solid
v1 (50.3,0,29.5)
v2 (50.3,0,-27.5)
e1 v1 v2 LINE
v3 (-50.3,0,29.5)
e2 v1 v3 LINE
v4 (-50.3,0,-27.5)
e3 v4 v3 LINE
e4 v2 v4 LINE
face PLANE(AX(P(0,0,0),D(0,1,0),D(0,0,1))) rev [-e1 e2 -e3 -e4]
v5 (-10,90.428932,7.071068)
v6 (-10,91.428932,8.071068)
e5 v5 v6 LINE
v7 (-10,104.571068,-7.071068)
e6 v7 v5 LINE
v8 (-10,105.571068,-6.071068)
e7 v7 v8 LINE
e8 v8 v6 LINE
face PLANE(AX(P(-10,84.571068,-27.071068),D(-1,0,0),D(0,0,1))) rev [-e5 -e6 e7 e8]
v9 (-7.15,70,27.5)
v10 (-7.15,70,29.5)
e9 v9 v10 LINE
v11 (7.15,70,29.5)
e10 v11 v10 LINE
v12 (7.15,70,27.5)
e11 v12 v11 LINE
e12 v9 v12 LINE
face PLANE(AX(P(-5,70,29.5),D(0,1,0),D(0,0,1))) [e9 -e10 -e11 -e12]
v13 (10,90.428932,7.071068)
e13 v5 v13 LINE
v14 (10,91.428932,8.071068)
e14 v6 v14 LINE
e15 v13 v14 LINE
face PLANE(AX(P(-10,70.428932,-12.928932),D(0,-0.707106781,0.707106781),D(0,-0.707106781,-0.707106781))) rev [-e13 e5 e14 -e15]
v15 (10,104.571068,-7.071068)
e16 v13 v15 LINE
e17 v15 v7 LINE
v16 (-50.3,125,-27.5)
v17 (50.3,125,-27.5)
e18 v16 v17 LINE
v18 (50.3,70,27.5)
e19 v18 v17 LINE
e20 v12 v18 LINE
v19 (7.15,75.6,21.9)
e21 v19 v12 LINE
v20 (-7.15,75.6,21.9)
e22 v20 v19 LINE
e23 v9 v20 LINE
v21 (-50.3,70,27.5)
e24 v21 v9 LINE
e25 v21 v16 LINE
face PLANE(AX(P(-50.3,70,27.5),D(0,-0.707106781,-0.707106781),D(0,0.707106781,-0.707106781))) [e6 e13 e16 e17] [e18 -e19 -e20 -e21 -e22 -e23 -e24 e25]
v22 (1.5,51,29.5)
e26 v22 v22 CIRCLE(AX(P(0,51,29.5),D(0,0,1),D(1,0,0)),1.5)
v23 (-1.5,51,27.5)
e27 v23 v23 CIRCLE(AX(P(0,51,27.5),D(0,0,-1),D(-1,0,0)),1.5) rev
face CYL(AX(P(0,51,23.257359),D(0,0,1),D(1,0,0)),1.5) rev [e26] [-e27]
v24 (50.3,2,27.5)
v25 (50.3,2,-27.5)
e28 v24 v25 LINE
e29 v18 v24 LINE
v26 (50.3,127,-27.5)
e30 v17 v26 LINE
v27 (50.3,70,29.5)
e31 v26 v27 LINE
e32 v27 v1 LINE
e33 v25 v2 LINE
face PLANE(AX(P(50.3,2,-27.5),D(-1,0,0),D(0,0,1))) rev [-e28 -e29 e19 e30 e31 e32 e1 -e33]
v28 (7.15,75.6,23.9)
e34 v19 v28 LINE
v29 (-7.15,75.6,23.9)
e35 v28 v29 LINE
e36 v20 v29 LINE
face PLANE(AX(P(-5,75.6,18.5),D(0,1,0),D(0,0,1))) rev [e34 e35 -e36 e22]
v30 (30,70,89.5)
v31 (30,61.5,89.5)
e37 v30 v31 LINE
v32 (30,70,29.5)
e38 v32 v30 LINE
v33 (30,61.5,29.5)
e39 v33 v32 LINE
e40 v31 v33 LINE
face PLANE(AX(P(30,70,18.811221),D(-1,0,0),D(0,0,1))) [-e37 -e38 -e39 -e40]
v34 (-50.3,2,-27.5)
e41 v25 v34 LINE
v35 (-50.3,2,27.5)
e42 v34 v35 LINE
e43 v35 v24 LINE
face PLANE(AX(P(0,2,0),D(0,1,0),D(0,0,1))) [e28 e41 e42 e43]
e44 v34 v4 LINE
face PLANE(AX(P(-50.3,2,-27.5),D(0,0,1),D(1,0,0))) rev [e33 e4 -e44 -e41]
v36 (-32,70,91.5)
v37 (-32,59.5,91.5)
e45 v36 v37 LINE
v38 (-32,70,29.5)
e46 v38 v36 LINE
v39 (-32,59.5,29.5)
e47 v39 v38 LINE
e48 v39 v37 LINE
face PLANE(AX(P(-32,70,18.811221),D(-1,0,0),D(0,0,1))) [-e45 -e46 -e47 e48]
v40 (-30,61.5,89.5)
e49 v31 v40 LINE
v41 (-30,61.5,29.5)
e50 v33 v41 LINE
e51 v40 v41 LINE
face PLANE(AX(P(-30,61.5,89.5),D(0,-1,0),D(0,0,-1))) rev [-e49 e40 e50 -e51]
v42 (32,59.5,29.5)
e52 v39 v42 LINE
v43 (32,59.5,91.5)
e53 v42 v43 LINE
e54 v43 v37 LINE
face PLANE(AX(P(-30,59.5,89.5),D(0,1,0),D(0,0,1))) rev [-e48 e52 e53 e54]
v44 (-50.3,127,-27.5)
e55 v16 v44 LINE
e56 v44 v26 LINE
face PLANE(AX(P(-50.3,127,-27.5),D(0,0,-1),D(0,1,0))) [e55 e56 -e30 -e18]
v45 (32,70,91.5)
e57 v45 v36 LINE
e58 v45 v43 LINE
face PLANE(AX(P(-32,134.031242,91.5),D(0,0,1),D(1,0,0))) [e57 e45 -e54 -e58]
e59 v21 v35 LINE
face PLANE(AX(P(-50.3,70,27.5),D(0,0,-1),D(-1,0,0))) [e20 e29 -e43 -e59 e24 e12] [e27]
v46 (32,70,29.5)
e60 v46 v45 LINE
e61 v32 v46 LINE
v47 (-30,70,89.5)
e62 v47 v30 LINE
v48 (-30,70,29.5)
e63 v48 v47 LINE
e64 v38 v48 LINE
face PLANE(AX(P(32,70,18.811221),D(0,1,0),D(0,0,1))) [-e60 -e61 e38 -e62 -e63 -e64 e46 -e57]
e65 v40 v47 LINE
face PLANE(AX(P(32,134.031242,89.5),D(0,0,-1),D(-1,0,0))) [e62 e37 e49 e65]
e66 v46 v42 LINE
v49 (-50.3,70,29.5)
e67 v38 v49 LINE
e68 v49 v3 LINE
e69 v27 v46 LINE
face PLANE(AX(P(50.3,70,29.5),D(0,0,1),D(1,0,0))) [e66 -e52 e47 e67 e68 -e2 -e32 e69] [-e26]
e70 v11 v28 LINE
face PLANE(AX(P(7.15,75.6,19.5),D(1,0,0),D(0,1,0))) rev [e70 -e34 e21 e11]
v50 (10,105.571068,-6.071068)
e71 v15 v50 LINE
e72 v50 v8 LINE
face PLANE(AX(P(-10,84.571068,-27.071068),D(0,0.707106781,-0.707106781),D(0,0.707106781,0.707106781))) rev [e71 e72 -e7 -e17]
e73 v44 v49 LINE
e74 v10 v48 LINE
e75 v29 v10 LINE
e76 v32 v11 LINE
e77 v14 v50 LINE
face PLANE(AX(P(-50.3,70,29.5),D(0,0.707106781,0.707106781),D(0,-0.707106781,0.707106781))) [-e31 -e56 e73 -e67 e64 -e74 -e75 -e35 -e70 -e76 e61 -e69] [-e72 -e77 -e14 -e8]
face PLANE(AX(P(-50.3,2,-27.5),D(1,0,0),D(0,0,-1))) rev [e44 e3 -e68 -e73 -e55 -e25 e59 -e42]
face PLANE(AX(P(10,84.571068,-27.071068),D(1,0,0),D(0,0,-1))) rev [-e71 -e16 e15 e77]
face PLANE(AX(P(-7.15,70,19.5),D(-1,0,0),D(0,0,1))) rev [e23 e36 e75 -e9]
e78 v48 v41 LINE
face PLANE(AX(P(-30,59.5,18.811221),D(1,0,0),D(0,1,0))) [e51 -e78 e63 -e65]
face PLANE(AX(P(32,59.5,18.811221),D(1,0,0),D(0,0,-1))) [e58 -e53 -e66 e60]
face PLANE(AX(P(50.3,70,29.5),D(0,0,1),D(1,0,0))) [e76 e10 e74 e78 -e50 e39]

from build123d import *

# Parameters (mm, degrees)
CROQUIS1_W              = 100.6
CROQUIS1_H              = 55
SALIENTE_EXTRUIR1_DEPTH = 2
CROQUIS2_W              = 100.6
CROQUIS2_H              = 2
SALIENTE_EXTRUIR2_DEPTH = 70
SALIENTE_EXTRUIR3_DEPTH = 100.6
CROQUIS4_W              = 10
CROQUIS4_H              = 5.6
CROQUIS4_W_2            = 20
CROQUIS4_H_2            = 20
CORTAR_EXTRUIR1_DEPTH   = 1.414213562
CROQUIS5_R              = 1.5
CORTAR_EXTRUIR2_DEPTH   = 2
CROQUIS6_W              = 60
CROQUIS6_H              = 2
SALIENTE_EXTRUIR4_DEPTH = 60
SALIENTE_EXTRUIR5_REACH = 181.856
CROQUIS7_W              = 2
CROQUIS7_H              = 10.5
CROQUIS8_W              = 64
CROQUIS8_H              = 2
SALIENTE_EXTRUIR6_DEPTH = 10.5
CROQUIS9_W              = 10
CROQUIS9_H              = 2
SALIENTE_EXTRUIR7_DEPTH = 2
CROQUIS10_W             = 10
CROQUIS10_H             = 5.6
CORTAR_EXTRUIR3_DEPTH   = 11
CORTAR_EXTRUIR4_DEPTH   = 10


with BuildPart() as part:
    # Croquis1 → Saliente-Extruir1 (new body)
    with BuildSketch(Plane(origin=(0, 0, 0), x_dir=(1, 0, 0), z_dir=(0, 1, 0))):
        Rectangle(CROQUIS1_W, CROQUIS1_H)
    extrude(amount=SALIENTE_EXTRUIR1_DEPTH)

    # Croquis2 → Saliente-Extruir2 (add)
    with BuildSketch(Plane(origin=(0, 0, 0), x_dir=(-1, 0, 0), z_dir=(0, -1, 0))):
        with Locations((0, -28.5)):
            Rectangle(CROQUIS2_W, CROQUIS2_H)
    extrude(amount=-SALIENTE_EXTRUIR2_DEPTH)

    # Croquis3 → Saliente-Extruir3 (add)
    with BuildSketch(Plane(origin=(50.3, 0, 0), x_dir=(0, 0, -1), z_dir=(1, 0, 0))):
        Polygon((-29.5, 70), (27.5, 127), (27.5, 125), (-27.5, 70), align=None)
    extrude(amount=-SALIENTE_EXTRUIR3_DEPTH)

    # Croquis4 → Cortar-Extruir1 (cut)
    with BuildSketch(Plane(origin=(0, 49.75, 49.75), x_dir=(1, 0, 0), z_dir=(0, 0.7071067811865513, 0.7071067811865438))):
        with Locations((0, 31.437824638)):
            Rectangle(CROQUIS4_W, CROQUIS4_H)
        with Locations((0, 68.942911166)):
            Rectangle(CROQUIS4_W_2, CROQUIS4_H_2)
    extrude(amount=-CORTAR_EXTRUIR1_DEPTH, mode=Mode.SUBTRACT)

    # Croquis5 → Cortar-Extruir2 (cut)
    with BuildSketch(Plane.XY.offset(29.5)):
        with Locations((0, 51)):
            Circle(CROQUIS5_R)
    extrude(amount=-CORTAR_EXTRUIR2_DEPTH, mode=Mode.SUBTRACT)

    # Croquis6 → Saliente-Extruir4 (add)
    with BuildSketch(Plane.XY.offset(29.5)):
        with Locations((0, 60.5)):
            Rectangle(CROQUIS6_W, CROQUIS6_H)
    extrude(amount=SALIENTE_EXTRUIR4_DEPTH)

    # Saliente-Extruir5: up to this face of the body (flat: up to its plane)
    saliente_extruir5_end = Plane(part.part.faces().sort_by_distance((0, 34.541123817, 29.5))[0])
    # Croquis7 → Saliente-Extruir5 (add, up to the picked face)
    with BuildSketch(Plane.XY.offset(89.5), mode=Mode.PRIVATE) as saliente_extruir5_sk1:
        with Locations((31, 64.75)):
            Rectangle(CROQUIS7_W, CROQUIS7_H)
    saliente_extruir5_tool1 = split(extrude(saliente_extruir5_sk1.sketch, amount=-SALIENTE_EXTRUIR5_REACH, mode=Mode.PRIVATE), bisect_by=saliente_extruir5_end, keep=Keep.BOTH, mode=Mode.PRIVATE)
    # Croquis7 → Saliente-Extruir5 (add, up to the picked face)
    with BuildSketch(Plane.XY.offset(89.5), mode=Mode.PRIVATE) as saliente_extruir5_sk2:
        with Locations((-31, 64.75)):
            Rectangle(CROQUIS7_W, CROQUIS7_H)
    saliente_extruir5_tool2 = split(extrude(saliente_extruir5_sk2.sketch, amount=-SALIENTE_EXTRUIR5_REACH, mode=Mode.PRIVATE), bisect_by=saliente_extruir5_end, keep=Keep.BOTH, mode=Mode.PRIVATE)
    add(saliente_extruir5_tool1.solids().sort_by(Axis((31, 64.75, 89.5), (0, 0, -1)))[0])
    add(saliente_extruir5_tool2.solids().sort_by(Axis((-31, 64.75, 89.5), (0, 0, -1)))[0])

    # Croquis8 → Saliente-Extruir6 (add)
    with BuildSketch(Plane(origin=(0, 59.5, 0), x_dir=(-1, 0, 0), z_dir=(0, -1, 0))):
        with Locations((0, -90.5)):
            Rectangle(CROQUIS8_W, CROQUIS8_H)
    extrude(amount=-SALIENTE_EXTRUIR6_DEPTH)

    # Croquis9 → Saliente-Extruir7 (add)
    with BuildSketch(Plane(origin=(0, 0, 27.5), x_dir=(-1, 0, 0), z_dir=(0, 0, -1))):
        with Locations((0, 69)):
            Rectangle(CROQUIS9_W, CROQUIS9_H)
    extrude(amount=-SALIENTE_EXTRUIR7_DEPTH)

    # Croquis10 → Cortar-Extruir3 (cut)
    with BuildSketch(Plane.XY.offset(29.5)):
        with Locations((0, 72.8)):
            Rectangle(CROQUIS10_W, CROQUIS10_H)
    extrude(amount=-CORTAR_EXTRUIR3_DEPTH, mode=Mode.SUBTRACT)

    # Croquis11 → Cortar-Extruir4 (cut)
    with BuildSketch(Plane.XY.offset(29.5)):
        Polygon((0, 75.6), (7.15, 75.6), (7.15, 70), (-7.15, 70), (-7.15, 75.6), align=None)
    extrude(amount=-CORTAR_EXTRUIR4_DEPTH, mode=Mode.SUBTRACT)


solid = part.part
